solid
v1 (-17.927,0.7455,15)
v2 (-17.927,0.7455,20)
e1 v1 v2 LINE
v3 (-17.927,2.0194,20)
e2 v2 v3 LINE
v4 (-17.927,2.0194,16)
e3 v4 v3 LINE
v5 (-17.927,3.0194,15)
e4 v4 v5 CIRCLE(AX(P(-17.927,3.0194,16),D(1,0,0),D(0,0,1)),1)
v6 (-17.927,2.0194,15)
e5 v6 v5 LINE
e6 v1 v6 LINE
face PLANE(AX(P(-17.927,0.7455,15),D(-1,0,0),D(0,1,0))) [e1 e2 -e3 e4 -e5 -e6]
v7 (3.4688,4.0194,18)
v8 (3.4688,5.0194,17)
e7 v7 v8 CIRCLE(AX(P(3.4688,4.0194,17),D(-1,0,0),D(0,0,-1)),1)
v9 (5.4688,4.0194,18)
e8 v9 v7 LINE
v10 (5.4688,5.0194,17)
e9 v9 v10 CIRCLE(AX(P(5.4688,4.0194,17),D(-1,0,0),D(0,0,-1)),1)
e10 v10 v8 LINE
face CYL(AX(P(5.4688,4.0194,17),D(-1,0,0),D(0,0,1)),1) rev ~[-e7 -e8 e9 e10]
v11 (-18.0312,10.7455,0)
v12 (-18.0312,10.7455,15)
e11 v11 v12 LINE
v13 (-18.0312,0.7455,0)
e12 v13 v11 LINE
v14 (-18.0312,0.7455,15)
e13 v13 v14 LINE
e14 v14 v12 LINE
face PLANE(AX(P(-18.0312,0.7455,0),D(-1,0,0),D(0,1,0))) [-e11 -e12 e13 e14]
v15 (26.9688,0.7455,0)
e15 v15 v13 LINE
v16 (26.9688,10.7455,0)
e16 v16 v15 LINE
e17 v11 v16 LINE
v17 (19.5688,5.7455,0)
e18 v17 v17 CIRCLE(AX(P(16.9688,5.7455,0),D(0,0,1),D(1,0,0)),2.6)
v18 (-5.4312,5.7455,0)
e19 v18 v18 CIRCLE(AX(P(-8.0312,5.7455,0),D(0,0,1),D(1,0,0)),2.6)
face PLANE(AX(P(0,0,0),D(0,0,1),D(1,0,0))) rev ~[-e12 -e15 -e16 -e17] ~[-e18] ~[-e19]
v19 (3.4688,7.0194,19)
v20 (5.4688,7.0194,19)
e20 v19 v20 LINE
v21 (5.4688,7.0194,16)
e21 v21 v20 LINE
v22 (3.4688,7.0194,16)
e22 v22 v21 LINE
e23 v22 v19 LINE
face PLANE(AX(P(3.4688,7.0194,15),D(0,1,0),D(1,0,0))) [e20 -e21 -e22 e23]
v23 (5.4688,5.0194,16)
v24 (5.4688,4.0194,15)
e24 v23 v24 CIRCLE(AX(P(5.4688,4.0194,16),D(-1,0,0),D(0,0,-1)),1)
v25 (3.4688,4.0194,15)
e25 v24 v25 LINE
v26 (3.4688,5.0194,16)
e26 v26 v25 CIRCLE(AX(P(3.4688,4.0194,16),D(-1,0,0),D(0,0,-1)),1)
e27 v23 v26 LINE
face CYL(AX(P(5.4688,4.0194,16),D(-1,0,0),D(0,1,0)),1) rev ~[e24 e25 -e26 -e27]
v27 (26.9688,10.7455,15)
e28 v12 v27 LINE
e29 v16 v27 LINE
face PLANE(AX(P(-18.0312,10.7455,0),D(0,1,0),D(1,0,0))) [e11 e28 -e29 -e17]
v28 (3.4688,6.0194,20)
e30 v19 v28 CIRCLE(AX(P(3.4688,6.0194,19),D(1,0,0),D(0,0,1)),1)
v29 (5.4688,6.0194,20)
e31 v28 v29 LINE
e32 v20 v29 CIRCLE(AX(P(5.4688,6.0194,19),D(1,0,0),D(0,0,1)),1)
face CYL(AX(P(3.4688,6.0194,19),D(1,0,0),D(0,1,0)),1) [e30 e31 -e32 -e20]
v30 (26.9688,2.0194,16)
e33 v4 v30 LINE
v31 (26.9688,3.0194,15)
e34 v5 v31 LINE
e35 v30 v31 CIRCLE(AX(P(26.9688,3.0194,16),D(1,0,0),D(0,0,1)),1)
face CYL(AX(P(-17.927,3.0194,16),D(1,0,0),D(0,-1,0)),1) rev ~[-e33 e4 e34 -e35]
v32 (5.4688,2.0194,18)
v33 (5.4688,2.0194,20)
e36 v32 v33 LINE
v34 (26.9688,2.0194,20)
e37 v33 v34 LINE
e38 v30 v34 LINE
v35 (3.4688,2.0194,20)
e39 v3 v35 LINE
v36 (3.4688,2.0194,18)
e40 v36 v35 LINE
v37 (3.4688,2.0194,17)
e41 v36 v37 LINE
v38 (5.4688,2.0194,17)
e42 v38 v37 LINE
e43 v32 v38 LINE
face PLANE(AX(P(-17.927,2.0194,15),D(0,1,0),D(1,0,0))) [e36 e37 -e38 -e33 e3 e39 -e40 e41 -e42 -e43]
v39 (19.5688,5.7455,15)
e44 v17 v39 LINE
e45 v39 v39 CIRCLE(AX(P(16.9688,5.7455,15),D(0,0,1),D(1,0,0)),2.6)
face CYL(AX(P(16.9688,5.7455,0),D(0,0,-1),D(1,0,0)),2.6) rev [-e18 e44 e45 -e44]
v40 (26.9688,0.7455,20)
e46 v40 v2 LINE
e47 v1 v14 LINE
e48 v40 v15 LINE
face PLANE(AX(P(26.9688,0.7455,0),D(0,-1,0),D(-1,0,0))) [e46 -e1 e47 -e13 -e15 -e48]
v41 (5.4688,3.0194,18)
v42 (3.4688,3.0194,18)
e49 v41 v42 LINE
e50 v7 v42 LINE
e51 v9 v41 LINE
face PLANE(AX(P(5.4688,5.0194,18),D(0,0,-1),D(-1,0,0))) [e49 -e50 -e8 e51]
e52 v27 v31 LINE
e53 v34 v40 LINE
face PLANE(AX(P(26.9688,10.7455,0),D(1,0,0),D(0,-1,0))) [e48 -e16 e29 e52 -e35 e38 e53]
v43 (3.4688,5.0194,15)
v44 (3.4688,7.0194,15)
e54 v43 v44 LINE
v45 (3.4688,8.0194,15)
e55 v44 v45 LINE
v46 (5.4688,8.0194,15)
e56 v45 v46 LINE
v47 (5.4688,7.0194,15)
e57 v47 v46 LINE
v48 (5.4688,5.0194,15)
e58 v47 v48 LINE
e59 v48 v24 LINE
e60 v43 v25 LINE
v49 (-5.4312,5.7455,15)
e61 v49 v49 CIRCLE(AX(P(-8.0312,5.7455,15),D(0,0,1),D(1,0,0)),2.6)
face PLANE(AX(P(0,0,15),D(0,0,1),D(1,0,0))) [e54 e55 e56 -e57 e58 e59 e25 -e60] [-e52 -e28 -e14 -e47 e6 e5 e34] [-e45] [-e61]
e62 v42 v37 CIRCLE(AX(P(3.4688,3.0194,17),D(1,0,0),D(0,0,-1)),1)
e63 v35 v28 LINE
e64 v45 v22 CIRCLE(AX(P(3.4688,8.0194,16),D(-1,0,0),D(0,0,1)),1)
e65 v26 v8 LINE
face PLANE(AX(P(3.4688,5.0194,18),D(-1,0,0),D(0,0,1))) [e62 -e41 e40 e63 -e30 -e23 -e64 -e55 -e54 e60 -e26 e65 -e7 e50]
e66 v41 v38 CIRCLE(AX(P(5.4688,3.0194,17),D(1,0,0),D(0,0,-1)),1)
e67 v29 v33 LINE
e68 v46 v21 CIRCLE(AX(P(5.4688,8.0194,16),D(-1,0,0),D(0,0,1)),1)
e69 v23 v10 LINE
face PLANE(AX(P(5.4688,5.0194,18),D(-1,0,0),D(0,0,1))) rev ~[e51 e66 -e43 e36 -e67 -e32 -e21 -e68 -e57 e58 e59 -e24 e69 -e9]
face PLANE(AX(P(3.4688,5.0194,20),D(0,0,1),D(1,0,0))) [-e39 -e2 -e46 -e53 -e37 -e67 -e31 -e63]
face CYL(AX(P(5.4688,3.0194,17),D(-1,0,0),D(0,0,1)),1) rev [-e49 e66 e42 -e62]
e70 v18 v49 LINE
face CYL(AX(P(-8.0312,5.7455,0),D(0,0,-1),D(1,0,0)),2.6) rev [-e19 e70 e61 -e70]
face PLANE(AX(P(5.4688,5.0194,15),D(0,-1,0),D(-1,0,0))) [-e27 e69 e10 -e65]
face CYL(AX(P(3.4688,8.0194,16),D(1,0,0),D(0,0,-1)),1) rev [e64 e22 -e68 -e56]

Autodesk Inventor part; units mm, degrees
ref_plane "YZ Plane" through (0, 0, 0) normal (1, 0, 0) x (0, 1, 0)
ref_plane "XZ Plane" through (0, 0, 0) normal (0, 1, 0) x (-1, 0, 0)
ref_plane "XY Plane" through (0, 0, 0) normal (0, 0, 1) x (1, 0, 0)
sketch "Sketch1" plane through (0, 0, 0) normal (0, 0, 1) x (1, 0, 0)
  line L0 (-18.0312, 10.7455) -> (26.9688, 10.7455)
  line L1 (26.9688, 10.7455) -> (26.9688, 0.7455)
  line L2 (26.9688, 0.7455) -> (-18.0312, 0.7455)
  line L3 (-18.0312, 0.7455) -> (-18.0312, 10.7455)
  circle A0 centre (-8.0312, 5.7455) radius 2.6
  circle A1 centre (16.9688, 5.7455) radius 2.6
  point P0 (0, 0)
  dimension "d0" = 5.2
  dimension "d1" = 5.2
  dimension "d2" = 10
  dimension "d3" = 5
  dimension "d4" = 5
  dimension "d5" = 10
  dimension "d6" = 45
  dimension "d7" = 10
  dimension "d8" = 25
extrude "Extrusion1" add sketch "Sketch1" along normal blind 15
sketch "Sketch2" plane through (0, 0, 15) normal (0, 0, 1) x (1, 0, 0)
  line L0 (-17.927, 2.0194) -> (26.9688, 2.0194)
  line L1 (26.9688, 2.0194) -> (26.9688, 0.7455)
  line L2 (26.9688, 0.7455) -> (-17.927, 0.7455)
  line L3 (-17.927, 0.7455) -> (-17.927, 2.0194)
  point P0 (0, 0)
extrude "Extrusion2" add sketch "Sketch2" along normal blind 5
sketch "Sketch3" plane through (0, 0, 15) normal (0, 0, 1) x (1, 0, 0)
  point P0 (0, 0)
sketch "Sketch4" plane through (0, 0, 15) normal (0, 0, 1) x (1, 0, 0)
  line L0 (5.4688, 5.0194) -> (3.4688, 5.0194)
  line L1 (3.4688, 5.0194) -> (3.4688, 7.0194)
  line L2 (3.4688, 7.0194) -> (5.4688, 7.0194)
  line L3 (5.4688, 7.0194) -> (5.4688, 5.0194)
  line L4 (26.9688, 2.0194) -> (-17.927, 2.0194) projected
  line L5 (26.9688, 2.0194) -> (26.9688, 10.7455) projected
  line L6 (-18.0312, 10.7455) -> (-18.0312, 0.7455) projected
  point P0 (0, 0)
  dimension "d13" = 2
  dimension "d14" = 3
  dimension "d15" = 21.5
  dimension "d16" = 2
  dimension "d17" = 21.5
extrude "Extrusion3" add sketch "Sketch4" along normal blind 5
sketch "Sketch5" plane through (3.4688, 5.0194, 15) normal (0, -1, 0) x (1, 0, 0)
  line L0 (2, 0) -> (2, 5) projected
  line L1 (0, 5) -> (2, 5)
  line L2 (2, 5) -> (2, 3)
  line L3 (2, 3) -> (0, 3)
  line L4 (0, 3) -> (0, 5)
  point P0 (-3.4688, -15)
  dimension "d20" = 2
extrude "Extrusion4" add sketch "Sketch5" along normal blind 4
fillet "Fillet1" radius 1 4 edges at (4.4688, 2.0194, 18) (4.4688, 5.0194, 18) (4.4688, 5.0194, 15) (4.5209, 2.0194, 15)
fillet "Fillet2" radius 1 2 edges at (4.4688, 7.0194, 20) (4.4688, 7.0194, 15)
properties part number "Slider"
